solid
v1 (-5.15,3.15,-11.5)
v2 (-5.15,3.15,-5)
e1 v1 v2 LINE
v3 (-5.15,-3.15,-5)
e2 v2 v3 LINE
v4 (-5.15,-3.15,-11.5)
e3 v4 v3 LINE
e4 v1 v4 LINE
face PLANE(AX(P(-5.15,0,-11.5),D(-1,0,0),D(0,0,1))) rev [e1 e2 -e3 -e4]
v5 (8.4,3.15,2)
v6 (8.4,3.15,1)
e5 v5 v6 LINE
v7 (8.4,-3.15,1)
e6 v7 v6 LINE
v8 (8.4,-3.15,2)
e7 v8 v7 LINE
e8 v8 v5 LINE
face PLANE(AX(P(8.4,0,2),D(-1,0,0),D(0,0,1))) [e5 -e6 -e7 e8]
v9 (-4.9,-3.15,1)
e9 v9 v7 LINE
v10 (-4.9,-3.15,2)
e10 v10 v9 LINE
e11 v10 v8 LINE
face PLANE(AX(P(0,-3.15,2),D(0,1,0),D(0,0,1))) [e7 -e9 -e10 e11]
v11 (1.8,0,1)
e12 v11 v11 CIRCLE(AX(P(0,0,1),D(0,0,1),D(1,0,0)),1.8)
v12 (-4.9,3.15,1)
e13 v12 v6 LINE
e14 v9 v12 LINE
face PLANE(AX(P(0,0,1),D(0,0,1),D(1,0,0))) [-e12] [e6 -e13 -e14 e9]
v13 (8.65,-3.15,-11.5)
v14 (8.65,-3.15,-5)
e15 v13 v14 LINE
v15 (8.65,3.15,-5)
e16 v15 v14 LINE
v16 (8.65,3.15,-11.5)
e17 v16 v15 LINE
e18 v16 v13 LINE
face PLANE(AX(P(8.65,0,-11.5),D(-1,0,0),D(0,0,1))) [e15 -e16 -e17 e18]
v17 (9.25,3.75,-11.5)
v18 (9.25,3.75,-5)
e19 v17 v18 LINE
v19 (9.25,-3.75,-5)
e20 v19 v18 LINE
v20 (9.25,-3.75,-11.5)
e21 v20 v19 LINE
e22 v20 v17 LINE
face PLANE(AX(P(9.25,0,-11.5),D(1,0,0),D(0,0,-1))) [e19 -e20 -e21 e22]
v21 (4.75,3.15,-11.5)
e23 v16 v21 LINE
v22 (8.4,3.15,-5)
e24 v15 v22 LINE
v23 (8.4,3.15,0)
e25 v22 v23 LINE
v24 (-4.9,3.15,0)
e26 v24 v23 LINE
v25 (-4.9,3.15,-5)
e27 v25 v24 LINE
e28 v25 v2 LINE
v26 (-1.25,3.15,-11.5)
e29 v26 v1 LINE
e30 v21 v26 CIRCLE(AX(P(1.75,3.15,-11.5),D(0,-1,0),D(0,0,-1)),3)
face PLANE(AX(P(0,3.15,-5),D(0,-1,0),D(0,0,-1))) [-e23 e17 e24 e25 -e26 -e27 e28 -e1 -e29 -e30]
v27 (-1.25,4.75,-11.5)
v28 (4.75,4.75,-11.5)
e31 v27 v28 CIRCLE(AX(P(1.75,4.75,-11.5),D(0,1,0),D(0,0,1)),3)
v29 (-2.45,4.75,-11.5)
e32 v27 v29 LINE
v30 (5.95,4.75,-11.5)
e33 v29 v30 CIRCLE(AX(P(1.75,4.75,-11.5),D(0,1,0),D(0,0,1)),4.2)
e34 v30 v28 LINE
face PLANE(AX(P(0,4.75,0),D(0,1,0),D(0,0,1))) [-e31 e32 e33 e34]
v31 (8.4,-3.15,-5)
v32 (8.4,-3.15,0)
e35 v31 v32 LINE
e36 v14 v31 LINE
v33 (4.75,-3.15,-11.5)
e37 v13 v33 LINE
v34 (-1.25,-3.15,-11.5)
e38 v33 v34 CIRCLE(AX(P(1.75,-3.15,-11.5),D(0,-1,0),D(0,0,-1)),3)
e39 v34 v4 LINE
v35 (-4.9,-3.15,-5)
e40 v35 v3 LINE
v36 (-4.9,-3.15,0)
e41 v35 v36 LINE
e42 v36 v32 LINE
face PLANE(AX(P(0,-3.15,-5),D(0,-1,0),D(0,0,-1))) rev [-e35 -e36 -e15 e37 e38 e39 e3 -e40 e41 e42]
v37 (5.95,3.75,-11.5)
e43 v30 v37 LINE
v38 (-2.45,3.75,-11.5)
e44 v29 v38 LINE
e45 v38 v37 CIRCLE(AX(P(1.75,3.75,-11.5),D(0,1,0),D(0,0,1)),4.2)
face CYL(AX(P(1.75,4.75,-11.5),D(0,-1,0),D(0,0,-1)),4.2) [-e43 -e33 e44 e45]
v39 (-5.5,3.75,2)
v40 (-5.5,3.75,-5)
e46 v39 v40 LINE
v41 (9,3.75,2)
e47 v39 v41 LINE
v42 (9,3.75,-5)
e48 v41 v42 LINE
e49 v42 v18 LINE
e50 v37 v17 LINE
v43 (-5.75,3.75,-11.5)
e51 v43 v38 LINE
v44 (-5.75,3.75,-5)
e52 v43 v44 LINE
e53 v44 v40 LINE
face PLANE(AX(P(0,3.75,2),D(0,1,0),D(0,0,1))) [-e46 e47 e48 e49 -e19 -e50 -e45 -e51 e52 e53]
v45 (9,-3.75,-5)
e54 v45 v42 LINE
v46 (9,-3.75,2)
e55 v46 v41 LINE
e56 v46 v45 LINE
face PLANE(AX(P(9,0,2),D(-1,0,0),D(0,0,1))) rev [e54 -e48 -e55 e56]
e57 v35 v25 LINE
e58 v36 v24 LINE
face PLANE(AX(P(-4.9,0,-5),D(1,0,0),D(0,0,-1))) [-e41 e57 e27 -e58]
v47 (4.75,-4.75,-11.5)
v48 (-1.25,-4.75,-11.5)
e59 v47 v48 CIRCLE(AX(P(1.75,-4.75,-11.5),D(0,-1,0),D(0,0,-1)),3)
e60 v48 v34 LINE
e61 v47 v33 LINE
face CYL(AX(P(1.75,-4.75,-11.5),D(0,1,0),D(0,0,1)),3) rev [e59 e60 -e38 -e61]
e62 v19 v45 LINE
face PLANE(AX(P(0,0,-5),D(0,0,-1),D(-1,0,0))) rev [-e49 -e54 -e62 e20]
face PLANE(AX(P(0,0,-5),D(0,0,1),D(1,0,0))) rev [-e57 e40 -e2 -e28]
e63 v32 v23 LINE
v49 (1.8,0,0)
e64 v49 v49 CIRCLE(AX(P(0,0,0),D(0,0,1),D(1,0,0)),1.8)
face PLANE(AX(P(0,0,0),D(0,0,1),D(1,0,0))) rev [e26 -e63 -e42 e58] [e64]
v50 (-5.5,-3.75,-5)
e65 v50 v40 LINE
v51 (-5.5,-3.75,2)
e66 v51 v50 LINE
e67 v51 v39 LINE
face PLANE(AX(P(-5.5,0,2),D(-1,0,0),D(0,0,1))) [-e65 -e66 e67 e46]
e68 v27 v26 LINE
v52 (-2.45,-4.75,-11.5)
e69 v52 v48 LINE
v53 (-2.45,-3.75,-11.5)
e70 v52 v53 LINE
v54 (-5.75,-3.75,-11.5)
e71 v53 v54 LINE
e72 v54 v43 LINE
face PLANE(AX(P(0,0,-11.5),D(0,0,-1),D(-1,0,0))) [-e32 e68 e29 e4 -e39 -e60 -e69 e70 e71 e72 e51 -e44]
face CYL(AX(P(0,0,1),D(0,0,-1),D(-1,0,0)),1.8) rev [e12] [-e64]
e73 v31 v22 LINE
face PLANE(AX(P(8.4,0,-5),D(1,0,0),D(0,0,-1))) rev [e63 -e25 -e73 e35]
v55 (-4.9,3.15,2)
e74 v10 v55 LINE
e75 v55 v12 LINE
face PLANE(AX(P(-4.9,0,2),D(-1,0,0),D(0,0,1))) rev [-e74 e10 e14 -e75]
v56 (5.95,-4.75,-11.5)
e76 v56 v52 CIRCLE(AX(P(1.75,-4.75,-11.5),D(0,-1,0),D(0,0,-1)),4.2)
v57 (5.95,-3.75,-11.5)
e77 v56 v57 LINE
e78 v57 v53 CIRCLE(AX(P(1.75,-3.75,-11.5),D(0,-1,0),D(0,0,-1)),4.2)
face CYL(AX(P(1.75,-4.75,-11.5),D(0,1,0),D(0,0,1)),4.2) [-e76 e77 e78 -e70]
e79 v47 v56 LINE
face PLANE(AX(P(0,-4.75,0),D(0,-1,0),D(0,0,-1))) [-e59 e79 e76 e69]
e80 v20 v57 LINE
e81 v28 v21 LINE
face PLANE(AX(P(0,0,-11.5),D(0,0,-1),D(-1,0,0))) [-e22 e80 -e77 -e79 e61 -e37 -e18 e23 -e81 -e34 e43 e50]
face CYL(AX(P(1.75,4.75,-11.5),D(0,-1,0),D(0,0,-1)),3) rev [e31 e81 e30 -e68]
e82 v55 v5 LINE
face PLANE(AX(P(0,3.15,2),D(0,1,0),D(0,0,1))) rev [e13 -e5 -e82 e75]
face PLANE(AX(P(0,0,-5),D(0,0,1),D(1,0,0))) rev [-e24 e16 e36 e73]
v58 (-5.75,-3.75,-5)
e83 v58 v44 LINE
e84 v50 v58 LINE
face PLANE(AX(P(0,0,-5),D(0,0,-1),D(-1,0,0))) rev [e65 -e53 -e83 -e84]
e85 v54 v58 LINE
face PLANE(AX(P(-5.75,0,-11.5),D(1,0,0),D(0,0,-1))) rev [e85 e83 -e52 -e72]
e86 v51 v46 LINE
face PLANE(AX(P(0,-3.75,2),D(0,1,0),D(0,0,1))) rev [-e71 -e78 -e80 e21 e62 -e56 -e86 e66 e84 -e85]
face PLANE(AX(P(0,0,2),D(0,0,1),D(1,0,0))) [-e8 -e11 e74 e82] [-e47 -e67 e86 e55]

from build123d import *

# Parameters (mm, degrees)
SKETCH_5_W          = 13.3
SKETCH_5_H          = 6.3
SKETCH_5_R          = 1.8
EXTRUDE_2_DEPTH     = 1
SKETCH_5_3_W        = 14.5
SKETCH_5_3_H        = 7.5
SKETCH_5_3_W_2      = 13.3
SKETCH_5_3_H_2      = 6.3
EXTRUDE_3_DEPTH     = 2
SKETCH_5_4_W        = 14.5
SKETCH_5_4_H        = 7.5
SKETCH_5_4_W_2      = 13.3
SKETCH_5_4_H_2      = 6.3
EXTRUDE_4_DEPTH     = 5
SKETCH_8_W          = 15
SKETCH_8_H          = 7.5
SKETCH_8_W_2        = 13.8
SKETCH_8_H_2        = 6.3
EXTRUDE_5_DEPTH     = 6.5
EXTRUDE_6_DEPTH     = 1
EXTRUDE_START       = 1
EXTRUDE_7_DEPTH     = 1
CUT_EXTRUDE_1_DEPTH = 18.03122133


with BuildPart() as part:
    # 草图5 → 凸台-拉伸2 (new body)
    with BuildSketch(Plane.XY):
        with Locations((1.75, 0)):
            Rectangle(SKETCH_5_W, SKETCH_5_H)
        Circle(SKETCH_5_R, mode=Mode.SUBTRACT)
    extrude(amount=EXTRUDE_2_DEPTH)

    # 草图5<3> → 凸台-拉伸3 (add)
    with BuildSketch(Plane.XY):
        with Locations((1.75, 0)):
            Rectangle(SKETCH_5_3_W, SKETCH_5_3_H)
        with Locations((1.75, 0)):
            Rectangle(SKETCH_5_3_W_2, SKETCH_5_3_H_2, mode=Mode.SUBTRACT)
    extrude(amount=EXTRUDE_3_DEPTH)

    # 草图5<4> → 凸台-拉伸4 (add)
    with BuildSketch(Plane.XY):
        with Locations((1.75, 0)):
            Rectangle(SKETCH_5_4_W, SKETCH_5_4_H)
        with Locations((1.75, 0)):
            Rectangle(SKETCH_5_4_W_2, SKETCH_5_4_H_2, mode=Mode.SUBTRACT)
    extrude(amount=-EXTRUDE_4_DEPTH)

    # 草图8 → 凸台-拉伸5 (add)
    with BuildSketch(Plane(origin=(0, 0, -5), x_dir=(-1, 0, 0), z_dir=(0, 0, -1))):
        with Locations((-1.75, 0)):
            Rectangle(SKETCH_8_W, SKETCH_8_H)
        with Locations((-1.75, 0)):
            Rectangle(SKETCH_8_W_2, SKETCH_8_H_2, mode=Mode.SUBTRACT)
    extrude(amount=EXTRUDE_5_DEPTH)

    # 草图9 → 凸台-拉伸6 (add)
    with BuildSketch(Plane(origin=(0, 3.75, 0), x_dir=(1, 0, 0), z_dir=(0, 1, 0))):
        with BuildLine():
            Line((5.95, 11.5), (4.75, 11.5))
            ThreePointArc((4.75, 11.5), (1.75, 8.5), (-1.25, 11.5))
            Line((-1.25, 11.5), (-2.45, 11.5))
            ThreePointArc((-2.45, 11.5), (1.75, 7.3), (5.95, 11.5))
        make_face()
    extrude(amount=EXTRUDE_6_DEPTH)

    # 草图11 → 凸台-拉伸7 (add)
    with BuildSketch(Plane.XZ.offset(3.75).offset(EXTRUDE_START)):
        with BuildLine():
            Line((4.75, -11.5), (5.95, -11.5))
            ThreePointArc((5.95, -11.5), (1.75, -7.3), (-2.45, -11.5))
            Line((-2.45, -11.5), (-1.25, -11.5))
            ThreePointArc((-1.25, -11.5), (1.75, -8.5), (4.75, -11.5))
        make_face()
    extrude(amount=-EXTRUDE_7_DEPTH)

    # 草图12 → 切除-拉伸1 (cut, through all)
    with BuildSketch(Plane.XZ.offset(3.75)):
        with BuildLine():
            Line((4.75, -11.5), (-1.25, -11.5))
            ThreePointArc((-1.25, -11.5), (1.75, -8.5), (4.75, -11.5))
        make_face()
    extrude(amount=-CUT_EXTRUDE_1_DEPTH, mode=Mode.SUBTRACT)


solid = part.part
